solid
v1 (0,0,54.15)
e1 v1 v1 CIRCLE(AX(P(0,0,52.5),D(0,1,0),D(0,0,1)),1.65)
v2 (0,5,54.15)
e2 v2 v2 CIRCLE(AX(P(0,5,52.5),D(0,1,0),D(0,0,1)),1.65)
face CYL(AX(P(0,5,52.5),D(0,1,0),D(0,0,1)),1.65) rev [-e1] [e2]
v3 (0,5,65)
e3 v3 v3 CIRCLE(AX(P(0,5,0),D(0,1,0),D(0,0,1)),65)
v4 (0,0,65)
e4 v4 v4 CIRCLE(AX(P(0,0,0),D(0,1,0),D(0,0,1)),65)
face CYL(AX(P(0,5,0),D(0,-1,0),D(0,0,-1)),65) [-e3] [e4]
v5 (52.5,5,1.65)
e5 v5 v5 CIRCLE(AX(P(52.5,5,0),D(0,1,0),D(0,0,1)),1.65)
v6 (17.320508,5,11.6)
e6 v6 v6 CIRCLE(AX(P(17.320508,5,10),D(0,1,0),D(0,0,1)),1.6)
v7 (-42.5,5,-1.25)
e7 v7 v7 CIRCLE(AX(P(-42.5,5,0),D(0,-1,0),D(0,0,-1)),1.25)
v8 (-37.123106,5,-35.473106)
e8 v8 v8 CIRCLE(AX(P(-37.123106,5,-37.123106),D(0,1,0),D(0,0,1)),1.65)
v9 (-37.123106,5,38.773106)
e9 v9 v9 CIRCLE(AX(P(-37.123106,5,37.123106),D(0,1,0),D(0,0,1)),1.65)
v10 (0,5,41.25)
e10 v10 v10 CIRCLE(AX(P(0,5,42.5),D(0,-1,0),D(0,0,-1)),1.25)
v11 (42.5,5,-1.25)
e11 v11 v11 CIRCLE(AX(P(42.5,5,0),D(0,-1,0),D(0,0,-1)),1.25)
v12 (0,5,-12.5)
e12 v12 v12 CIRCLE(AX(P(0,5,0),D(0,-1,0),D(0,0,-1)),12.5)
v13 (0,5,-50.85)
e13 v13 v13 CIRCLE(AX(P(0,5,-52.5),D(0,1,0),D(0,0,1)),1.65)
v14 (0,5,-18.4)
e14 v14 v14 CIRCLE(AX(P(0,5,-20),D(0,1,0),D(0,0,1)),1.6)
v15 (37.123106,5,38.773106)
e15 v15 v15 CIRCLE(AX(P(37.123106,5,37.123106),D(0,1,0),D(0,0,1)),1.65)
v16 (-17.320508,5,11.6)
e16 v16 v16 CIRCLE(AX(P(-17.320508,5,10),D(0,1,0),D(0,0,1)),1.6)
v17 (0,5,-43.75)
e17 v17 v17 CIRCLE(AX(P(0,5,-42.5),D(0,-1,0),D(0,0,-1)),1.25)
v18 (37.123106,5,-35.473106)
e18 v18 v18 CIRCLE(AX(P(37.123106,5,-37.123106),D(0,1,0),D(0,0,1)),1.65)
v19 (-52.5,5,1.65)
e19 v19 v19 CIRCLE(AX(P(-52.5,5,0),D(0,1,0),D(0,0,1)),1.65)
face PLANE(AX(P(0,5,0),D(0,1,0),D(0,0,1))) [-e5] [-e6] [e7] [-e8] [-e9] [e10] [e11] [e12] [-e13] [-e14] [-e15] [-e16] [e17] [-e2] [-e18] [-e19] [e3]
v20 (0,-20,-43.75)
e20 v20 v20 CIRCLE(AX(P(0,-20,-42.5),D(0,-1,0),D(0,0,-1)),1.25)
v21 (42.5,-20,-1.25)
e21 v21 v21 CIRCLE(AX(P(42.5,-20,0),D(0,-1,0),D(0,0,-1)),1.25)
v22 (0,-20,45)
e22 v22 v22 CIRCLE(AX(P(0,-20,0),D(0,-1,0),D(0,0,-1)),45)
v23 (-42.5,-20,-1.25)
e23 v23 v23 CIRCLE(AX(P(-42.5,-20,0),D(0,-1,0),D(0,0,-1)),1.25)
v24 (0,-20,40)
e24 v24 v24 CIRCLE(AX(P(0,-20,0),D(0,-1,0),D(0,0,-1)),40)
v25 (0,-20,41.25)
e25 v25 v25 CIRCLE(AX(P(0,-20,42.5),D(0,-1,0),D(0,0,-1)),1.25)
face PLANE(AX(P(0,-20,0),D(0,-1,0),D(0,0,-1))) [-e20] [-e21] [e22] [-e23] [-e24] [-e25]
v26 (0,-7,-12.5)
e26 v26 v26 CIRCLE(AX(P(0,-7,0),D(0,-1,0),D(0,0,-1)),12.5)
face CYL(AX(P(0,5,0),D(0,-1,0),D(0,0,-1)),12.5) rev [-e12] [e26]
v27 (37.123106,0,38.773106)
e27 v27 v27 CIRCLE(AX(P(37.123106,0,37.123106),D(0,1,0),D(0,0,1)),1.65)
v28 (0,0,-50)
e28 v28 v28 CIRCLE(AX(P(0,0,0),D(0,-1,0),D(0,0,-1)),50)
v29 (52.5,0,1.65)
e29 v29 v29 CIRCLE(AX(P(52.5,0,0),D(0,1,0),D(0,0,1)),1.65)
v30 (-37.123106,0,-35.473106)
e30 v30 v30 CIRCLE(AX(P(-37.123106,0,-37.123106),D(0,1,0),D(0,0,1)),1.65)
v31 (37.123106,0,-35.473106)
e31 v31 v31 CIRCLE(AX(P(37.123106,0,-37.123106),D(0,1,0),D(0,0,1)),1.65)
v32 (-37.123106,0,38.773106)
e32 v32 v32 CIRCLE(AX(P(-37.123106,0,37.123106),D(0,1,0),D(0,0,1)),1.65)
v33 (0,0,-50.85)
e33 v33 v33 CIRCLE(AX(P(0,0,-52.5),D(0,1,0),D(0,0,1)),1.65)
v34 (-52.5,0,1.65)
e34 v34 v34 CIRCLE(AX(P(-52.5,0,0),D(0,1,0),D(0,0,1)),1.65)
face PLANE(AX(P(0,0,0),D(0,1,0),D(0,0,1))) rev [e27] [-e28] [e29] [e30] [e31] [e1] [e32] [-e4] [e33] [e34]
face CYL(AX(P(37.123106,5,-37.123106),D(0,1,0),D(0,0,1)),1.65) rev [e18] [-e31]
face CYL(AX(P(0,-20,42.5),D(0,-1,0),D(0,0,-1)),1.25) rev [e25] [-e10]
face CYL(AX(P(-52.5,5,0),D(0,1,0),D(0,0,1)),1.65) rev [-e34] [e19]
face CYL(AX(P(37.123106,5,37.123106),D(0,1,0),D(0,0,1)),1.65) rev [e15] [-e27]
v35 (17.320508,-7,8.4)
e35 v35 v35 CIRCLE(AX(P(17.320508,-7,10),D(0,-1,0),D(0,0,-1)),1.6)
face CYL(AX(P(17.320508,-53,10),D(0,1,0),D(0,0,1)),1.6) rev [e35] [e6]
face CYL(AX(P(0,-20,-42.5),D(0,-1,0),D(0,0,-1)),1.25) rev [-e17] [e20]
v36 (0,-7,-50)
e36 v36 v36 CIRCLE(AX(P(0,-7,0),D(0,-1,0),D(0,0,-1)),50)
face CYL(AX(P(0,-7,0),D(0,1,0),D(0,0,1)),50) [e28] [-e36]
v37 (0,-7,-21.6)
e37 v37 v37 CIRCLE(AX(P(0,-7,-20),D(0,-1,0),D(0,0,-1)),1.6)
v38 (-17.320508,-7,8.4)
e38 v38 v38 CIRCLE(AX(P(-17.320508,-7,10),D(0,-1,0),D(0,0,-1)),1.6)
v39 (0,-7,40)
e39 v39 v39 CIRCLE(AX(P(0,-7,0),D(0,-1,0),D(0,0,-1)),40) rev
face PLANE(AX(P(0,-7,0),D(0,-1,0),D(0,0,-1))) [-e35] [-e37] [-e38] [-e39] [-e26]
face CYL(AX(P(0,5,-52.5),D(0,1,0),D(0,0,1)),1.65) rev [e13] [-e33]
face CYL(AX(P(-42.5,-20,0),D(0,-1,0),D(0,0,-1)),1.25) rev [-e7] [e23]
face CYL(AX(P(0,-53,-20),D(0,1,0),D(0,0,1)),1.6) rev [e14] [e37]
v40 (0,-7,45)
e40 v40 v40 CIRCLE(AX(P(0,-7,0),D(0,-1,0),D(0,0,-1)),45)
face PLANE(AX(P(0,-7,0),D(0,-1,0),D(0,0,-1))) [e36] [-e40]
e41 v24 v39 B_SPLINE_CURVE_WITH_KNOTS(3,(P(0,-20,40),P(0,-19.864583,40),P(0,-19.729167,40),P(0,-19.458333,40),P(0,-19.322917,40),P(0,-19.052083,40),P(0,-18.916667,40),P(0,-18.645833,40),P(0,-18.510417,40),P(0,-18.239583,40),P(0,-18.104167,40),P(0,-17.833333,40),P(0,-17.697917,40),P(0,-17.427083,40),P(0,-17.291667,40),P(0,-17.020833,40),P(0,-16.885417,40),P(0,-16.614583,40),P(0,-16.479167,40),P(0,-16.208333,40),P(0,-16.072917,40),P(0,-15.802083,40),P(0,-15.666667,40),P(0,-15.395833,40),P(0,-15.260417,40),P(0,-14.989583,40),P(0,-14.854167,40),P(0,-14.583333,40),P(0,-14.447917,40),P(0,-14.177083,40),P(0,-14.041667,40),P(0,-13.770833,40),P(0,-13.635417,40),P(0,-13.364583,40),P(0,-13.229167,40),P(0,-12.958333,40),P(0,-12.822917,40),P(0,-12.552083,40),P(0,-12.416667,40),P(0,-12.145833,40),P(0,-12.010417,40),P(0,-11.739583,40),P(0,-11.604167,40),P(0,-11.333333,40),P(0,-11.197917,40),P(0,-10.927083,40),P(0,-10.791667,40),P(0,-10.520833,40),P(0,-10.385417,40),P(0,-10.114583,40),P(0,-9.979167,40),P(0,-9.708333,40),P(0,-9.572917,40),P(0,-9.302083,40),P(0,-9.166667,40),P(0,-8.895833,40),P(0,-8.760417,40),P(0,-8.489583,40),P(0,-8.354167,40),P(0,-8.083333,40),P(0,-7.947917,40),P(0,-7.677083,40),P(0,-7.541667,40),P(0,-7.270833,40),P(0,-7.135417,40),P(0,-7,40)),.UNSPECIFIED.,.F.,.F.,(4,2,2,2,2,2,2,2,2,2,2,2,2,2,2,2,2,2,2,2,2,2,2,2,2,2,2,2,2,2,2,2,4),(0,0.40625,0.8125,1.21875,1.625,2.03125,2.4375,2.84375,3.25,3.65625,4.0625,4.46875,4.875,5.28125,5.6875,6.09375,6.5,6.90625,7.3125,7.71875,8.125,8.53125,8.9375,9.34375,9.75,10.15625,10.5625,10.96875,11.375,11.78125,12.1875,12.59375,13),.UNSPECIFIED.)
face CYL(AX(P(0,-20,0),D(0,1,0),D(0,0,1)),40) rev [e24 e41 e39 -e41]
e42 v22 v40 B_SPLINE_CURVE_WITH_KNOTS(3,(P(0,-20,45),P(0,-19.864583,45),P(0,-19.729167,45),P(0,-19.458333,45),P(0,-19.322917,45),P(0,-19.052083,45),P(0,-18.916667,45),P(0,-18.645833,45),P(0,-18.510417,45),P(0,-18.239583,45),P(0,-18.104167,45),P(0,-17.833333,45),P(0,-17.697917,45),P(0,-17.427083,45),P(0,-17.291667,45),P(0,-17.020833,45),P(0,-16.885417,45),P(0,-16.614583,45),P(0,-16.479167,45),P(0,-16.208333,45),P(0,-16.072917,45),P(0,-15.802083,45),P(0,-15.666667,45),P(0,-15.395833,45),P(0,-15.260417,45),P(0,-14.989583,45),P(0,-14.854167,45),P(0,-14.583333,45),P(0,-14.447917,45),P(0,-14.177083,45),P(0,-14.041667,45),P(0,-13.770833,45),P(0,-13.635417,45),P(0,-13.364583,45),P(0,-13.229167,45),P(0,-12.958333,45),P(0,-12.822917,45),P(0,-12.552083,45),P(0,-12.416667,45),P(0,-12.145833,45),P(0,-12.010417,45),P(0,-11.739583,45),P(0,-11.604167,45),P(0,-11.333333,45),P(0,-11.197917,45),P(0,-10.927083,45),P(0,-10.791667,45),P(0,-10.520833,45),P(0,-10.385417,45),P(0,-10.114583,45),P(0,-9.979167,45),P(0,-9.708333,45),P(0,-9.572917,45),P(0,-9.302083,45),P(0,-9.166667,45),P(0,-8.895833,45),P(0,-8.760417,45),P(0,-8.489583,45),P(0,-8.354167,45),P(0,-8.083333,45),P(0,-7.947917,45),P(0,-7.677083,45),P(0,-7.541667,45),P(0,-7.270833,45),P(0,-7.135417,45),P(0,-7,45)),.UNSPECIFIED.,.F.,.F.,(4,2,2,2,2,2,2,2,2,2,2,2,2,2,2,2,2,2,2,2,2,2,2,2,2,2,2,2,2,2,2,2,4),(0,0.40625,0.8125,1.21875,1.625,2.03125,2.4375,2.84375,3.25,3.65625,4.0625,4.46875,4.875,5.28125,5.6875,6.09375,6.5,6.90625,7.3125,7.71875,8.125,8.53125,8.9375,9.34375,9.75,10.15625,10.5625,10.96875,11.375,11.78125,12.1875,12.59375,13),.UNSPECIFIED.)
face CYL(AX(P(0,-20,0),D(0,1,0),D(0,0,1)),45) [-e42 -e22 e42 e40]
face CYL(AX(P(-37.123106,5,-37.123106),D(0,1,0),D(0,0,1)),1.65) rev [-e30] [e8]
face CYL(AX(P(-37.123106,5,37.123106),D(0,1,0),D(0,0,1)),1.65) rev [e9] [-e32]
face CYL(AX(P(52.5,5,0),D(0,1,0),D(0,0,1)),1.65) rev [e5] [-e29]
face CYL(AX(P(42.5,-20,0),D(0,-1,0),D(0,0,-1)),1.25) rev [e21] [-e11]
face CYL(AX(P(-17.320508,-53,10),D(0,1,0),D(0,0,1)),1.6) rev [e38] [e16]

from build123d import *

# Parameters (mm, degrees)
SKETCH_1_R             = 65
EXTRUDE_1_DEPTH        = 5
SKETCH_2_R             = 50
EXTRUDE_2_DEPTH        = 7
SKETCH_3_R             = 1.6
CUT_EXTRUDE_1_DEPTH    = 58
SKETCH_4_R             = 12.5
CUT_EXTRUDE_2_DEPTH    = 93.703829479
SKETCH_5_R             = 45
SKETCH_5_R_2           = 40
EXTRUDE_3_DEPTH        = 13
HOLE_WIZARD_M3_1_D     = 2.5
SKETCH_9_R             = 1.6
CUT_EXTRUDE_3_DEPTH    = 10
HOLE_WIZARD_M4_3_D     = 3.3
HOLE_WIZARD_M4_3_DEPTH = 9.5
HOLE_WIZARD_M4_3_TIP   = 0.991420021


with BuildPart() as part:
    # 草图1 → 凸台-拉伸1 (new body)
    with BuildSketch(Plane(origin=(0, 0, 0), x_dir=(1, 0, 0), z_dir=(0, 1, 0))):
        with Locations(Location((0, 0, 0), (0, 0, 270))):
            Circle(SKETCH_1_R)
    extrude(amount=EXTRUDE_1_DEPTH)

    # 草图2 → 凸台-拉伸2 (add)
    with BuildSketch(Plane(origin=(0, 0, 0), x_dir=(-1, 0, 0), z_dir=(0, -1, 0))):
        with Locations(Location((0, 0, 0), (0, 0, 90))):
            Circle(SKETCH_2_R)
    extrude(amount=EXTRUDE_2_DEPTH)

    # 草图3 → 切除-拉伸1 (cut)
    with BuildSketch(Plane(origin=(0, 5, 0), x_dir=(1, 0, 0), z_dir=(0, 1, 0))):
        with Locations(Location((0, 20, 0), (0, 0, 270))):
            Circle(SKETCH_3_R)
        with Locations(Location((17.320508076, -10, 0), (0, 0, 270))):
            Circle(SKETCH_3_R)
        with Locations(Location((-17.320508076, -10, 0), (0, 0, 270))):
            Circle(SKETCH_3_R)
    extrude(amount=-CUT_EXTRUDE_1_DEPTH, mode=Mode.SUBTRACT)

    # 草图4 → 切除-拉伸2 (cut, through all)
    with BuildSketch(Plane(origin=(0, -7, 0), x_dir=(-1, 0, 0), z_dir=(0, -1, 0))):
        with Locations(Location((0, 0, 0), (0, 0, 90))):
            Circle(SKETCH_4_R)
    extrude(amount=-CUT_EXTRUDE_2_DEPTH, mode=Mode.SUBTRACT)

    # 草图5 → 凸台-拉伸3 (add)
    with BuildSketch(Plane(origin=(0, -7, 0), x_dir=(-1, 0, 0), z_dir=(0, -1, 0))):
        with Locations(Location((0, 0, 0), (0, 0, 270))):
            Circle(SKETCH_5_R)
        with Locations(Location((0, 0, 0), (0, 0, 270))):
            Circle(SKETCH_5_R_2, mode=Mode.SUBTRACT)
    extrude(amount=EXTRUDE_3_DEPTH)

    # M3 螺纹孔1 (through all)
    with Locations(Plane(origin=(0, -20, 42.5), x_dir=(0, 0, -1), z_dir=(0, -1, 0))):
        with Locations((0, 0), (42.5, -42.5), (85, 0), (42.5, 42.5)):
            Hole(HOLE_WIZARD_M3_1_D / 2)

    # 草图9 → 切除-拉伸3 (cut)
    with BuildSketch(Plane(origin=(0, 5, 0), x_dir=(1, 0, 0), z_dir=(0, 1, 0))):
        with Locations(Location((0, 52.5, 0), (0, 0, 270))):
            Circle(SKETCH_9_R)
        with Locations(Location((37.123106012, 37.123106012, 0), (0, 0, 270))):
            Circle(SKETCH_9_R)
        with Locations(Location((52.5, 0, 0), (0, 0, 270))):
            Circle(SKETCH_9_R)
        with Locations(Location((37.123106012, -37.123106012, 0), (0, 0, 270))):
            Circle(SKETCH_9_R)
        with Locations(Location((0, -52.5, 0), (0, 0, 270))):
            Circle(SKETCH_9_R)
        with Locations(Location((-37.123106012, -37.123106012, 0), (0, 0, 270))):
            Circle(SKETCH_9_R)
        with Locations(Location((-52.5, 0, 0), (0, 0, 270))):
            Circle(SKETCH_9_R)
        with Locations(Location((-37.123106012, 37.123106012, 0), (0, 0, 270))):
            Circle(SKETCH_9_R)
    extrude(amount=-CUT_EXTRUDE_3_DEPTH, mode=Mode.SUBTRACT)

    # M4 螺纹孔3
    with Locations(Plane(origin=(0, 5, -52.5), x_dir=(0, 0, 1), z_dir=(0, 1, 0))):
        with Locations((0, 0), (15.376893988, 37.123106012), (52.5, 52.5), (89.623106012, 37.123106012), (105, 0), (89.623106012, -37.123106012), (52.5, -52.5), (15.376893988, -37.123106012)):
            Hole(HOLE_WIZARD_M4_3_D / 2, depth=HOLE_WIZARD_M4_3_DEPTH)
            with Locations((0, 0, -(HOLE_WIZARD_M4_3_DEPTH + HOLE_WIZARD_M4_3_TIP / 2))):  # 118° drill point
                Cone(0, HOLE_WIZARD_M4_3_D / 2, HOLE_WIZARD_M4_3_TIP, mode=Mode.SUBTRACT)


solid = part.part
